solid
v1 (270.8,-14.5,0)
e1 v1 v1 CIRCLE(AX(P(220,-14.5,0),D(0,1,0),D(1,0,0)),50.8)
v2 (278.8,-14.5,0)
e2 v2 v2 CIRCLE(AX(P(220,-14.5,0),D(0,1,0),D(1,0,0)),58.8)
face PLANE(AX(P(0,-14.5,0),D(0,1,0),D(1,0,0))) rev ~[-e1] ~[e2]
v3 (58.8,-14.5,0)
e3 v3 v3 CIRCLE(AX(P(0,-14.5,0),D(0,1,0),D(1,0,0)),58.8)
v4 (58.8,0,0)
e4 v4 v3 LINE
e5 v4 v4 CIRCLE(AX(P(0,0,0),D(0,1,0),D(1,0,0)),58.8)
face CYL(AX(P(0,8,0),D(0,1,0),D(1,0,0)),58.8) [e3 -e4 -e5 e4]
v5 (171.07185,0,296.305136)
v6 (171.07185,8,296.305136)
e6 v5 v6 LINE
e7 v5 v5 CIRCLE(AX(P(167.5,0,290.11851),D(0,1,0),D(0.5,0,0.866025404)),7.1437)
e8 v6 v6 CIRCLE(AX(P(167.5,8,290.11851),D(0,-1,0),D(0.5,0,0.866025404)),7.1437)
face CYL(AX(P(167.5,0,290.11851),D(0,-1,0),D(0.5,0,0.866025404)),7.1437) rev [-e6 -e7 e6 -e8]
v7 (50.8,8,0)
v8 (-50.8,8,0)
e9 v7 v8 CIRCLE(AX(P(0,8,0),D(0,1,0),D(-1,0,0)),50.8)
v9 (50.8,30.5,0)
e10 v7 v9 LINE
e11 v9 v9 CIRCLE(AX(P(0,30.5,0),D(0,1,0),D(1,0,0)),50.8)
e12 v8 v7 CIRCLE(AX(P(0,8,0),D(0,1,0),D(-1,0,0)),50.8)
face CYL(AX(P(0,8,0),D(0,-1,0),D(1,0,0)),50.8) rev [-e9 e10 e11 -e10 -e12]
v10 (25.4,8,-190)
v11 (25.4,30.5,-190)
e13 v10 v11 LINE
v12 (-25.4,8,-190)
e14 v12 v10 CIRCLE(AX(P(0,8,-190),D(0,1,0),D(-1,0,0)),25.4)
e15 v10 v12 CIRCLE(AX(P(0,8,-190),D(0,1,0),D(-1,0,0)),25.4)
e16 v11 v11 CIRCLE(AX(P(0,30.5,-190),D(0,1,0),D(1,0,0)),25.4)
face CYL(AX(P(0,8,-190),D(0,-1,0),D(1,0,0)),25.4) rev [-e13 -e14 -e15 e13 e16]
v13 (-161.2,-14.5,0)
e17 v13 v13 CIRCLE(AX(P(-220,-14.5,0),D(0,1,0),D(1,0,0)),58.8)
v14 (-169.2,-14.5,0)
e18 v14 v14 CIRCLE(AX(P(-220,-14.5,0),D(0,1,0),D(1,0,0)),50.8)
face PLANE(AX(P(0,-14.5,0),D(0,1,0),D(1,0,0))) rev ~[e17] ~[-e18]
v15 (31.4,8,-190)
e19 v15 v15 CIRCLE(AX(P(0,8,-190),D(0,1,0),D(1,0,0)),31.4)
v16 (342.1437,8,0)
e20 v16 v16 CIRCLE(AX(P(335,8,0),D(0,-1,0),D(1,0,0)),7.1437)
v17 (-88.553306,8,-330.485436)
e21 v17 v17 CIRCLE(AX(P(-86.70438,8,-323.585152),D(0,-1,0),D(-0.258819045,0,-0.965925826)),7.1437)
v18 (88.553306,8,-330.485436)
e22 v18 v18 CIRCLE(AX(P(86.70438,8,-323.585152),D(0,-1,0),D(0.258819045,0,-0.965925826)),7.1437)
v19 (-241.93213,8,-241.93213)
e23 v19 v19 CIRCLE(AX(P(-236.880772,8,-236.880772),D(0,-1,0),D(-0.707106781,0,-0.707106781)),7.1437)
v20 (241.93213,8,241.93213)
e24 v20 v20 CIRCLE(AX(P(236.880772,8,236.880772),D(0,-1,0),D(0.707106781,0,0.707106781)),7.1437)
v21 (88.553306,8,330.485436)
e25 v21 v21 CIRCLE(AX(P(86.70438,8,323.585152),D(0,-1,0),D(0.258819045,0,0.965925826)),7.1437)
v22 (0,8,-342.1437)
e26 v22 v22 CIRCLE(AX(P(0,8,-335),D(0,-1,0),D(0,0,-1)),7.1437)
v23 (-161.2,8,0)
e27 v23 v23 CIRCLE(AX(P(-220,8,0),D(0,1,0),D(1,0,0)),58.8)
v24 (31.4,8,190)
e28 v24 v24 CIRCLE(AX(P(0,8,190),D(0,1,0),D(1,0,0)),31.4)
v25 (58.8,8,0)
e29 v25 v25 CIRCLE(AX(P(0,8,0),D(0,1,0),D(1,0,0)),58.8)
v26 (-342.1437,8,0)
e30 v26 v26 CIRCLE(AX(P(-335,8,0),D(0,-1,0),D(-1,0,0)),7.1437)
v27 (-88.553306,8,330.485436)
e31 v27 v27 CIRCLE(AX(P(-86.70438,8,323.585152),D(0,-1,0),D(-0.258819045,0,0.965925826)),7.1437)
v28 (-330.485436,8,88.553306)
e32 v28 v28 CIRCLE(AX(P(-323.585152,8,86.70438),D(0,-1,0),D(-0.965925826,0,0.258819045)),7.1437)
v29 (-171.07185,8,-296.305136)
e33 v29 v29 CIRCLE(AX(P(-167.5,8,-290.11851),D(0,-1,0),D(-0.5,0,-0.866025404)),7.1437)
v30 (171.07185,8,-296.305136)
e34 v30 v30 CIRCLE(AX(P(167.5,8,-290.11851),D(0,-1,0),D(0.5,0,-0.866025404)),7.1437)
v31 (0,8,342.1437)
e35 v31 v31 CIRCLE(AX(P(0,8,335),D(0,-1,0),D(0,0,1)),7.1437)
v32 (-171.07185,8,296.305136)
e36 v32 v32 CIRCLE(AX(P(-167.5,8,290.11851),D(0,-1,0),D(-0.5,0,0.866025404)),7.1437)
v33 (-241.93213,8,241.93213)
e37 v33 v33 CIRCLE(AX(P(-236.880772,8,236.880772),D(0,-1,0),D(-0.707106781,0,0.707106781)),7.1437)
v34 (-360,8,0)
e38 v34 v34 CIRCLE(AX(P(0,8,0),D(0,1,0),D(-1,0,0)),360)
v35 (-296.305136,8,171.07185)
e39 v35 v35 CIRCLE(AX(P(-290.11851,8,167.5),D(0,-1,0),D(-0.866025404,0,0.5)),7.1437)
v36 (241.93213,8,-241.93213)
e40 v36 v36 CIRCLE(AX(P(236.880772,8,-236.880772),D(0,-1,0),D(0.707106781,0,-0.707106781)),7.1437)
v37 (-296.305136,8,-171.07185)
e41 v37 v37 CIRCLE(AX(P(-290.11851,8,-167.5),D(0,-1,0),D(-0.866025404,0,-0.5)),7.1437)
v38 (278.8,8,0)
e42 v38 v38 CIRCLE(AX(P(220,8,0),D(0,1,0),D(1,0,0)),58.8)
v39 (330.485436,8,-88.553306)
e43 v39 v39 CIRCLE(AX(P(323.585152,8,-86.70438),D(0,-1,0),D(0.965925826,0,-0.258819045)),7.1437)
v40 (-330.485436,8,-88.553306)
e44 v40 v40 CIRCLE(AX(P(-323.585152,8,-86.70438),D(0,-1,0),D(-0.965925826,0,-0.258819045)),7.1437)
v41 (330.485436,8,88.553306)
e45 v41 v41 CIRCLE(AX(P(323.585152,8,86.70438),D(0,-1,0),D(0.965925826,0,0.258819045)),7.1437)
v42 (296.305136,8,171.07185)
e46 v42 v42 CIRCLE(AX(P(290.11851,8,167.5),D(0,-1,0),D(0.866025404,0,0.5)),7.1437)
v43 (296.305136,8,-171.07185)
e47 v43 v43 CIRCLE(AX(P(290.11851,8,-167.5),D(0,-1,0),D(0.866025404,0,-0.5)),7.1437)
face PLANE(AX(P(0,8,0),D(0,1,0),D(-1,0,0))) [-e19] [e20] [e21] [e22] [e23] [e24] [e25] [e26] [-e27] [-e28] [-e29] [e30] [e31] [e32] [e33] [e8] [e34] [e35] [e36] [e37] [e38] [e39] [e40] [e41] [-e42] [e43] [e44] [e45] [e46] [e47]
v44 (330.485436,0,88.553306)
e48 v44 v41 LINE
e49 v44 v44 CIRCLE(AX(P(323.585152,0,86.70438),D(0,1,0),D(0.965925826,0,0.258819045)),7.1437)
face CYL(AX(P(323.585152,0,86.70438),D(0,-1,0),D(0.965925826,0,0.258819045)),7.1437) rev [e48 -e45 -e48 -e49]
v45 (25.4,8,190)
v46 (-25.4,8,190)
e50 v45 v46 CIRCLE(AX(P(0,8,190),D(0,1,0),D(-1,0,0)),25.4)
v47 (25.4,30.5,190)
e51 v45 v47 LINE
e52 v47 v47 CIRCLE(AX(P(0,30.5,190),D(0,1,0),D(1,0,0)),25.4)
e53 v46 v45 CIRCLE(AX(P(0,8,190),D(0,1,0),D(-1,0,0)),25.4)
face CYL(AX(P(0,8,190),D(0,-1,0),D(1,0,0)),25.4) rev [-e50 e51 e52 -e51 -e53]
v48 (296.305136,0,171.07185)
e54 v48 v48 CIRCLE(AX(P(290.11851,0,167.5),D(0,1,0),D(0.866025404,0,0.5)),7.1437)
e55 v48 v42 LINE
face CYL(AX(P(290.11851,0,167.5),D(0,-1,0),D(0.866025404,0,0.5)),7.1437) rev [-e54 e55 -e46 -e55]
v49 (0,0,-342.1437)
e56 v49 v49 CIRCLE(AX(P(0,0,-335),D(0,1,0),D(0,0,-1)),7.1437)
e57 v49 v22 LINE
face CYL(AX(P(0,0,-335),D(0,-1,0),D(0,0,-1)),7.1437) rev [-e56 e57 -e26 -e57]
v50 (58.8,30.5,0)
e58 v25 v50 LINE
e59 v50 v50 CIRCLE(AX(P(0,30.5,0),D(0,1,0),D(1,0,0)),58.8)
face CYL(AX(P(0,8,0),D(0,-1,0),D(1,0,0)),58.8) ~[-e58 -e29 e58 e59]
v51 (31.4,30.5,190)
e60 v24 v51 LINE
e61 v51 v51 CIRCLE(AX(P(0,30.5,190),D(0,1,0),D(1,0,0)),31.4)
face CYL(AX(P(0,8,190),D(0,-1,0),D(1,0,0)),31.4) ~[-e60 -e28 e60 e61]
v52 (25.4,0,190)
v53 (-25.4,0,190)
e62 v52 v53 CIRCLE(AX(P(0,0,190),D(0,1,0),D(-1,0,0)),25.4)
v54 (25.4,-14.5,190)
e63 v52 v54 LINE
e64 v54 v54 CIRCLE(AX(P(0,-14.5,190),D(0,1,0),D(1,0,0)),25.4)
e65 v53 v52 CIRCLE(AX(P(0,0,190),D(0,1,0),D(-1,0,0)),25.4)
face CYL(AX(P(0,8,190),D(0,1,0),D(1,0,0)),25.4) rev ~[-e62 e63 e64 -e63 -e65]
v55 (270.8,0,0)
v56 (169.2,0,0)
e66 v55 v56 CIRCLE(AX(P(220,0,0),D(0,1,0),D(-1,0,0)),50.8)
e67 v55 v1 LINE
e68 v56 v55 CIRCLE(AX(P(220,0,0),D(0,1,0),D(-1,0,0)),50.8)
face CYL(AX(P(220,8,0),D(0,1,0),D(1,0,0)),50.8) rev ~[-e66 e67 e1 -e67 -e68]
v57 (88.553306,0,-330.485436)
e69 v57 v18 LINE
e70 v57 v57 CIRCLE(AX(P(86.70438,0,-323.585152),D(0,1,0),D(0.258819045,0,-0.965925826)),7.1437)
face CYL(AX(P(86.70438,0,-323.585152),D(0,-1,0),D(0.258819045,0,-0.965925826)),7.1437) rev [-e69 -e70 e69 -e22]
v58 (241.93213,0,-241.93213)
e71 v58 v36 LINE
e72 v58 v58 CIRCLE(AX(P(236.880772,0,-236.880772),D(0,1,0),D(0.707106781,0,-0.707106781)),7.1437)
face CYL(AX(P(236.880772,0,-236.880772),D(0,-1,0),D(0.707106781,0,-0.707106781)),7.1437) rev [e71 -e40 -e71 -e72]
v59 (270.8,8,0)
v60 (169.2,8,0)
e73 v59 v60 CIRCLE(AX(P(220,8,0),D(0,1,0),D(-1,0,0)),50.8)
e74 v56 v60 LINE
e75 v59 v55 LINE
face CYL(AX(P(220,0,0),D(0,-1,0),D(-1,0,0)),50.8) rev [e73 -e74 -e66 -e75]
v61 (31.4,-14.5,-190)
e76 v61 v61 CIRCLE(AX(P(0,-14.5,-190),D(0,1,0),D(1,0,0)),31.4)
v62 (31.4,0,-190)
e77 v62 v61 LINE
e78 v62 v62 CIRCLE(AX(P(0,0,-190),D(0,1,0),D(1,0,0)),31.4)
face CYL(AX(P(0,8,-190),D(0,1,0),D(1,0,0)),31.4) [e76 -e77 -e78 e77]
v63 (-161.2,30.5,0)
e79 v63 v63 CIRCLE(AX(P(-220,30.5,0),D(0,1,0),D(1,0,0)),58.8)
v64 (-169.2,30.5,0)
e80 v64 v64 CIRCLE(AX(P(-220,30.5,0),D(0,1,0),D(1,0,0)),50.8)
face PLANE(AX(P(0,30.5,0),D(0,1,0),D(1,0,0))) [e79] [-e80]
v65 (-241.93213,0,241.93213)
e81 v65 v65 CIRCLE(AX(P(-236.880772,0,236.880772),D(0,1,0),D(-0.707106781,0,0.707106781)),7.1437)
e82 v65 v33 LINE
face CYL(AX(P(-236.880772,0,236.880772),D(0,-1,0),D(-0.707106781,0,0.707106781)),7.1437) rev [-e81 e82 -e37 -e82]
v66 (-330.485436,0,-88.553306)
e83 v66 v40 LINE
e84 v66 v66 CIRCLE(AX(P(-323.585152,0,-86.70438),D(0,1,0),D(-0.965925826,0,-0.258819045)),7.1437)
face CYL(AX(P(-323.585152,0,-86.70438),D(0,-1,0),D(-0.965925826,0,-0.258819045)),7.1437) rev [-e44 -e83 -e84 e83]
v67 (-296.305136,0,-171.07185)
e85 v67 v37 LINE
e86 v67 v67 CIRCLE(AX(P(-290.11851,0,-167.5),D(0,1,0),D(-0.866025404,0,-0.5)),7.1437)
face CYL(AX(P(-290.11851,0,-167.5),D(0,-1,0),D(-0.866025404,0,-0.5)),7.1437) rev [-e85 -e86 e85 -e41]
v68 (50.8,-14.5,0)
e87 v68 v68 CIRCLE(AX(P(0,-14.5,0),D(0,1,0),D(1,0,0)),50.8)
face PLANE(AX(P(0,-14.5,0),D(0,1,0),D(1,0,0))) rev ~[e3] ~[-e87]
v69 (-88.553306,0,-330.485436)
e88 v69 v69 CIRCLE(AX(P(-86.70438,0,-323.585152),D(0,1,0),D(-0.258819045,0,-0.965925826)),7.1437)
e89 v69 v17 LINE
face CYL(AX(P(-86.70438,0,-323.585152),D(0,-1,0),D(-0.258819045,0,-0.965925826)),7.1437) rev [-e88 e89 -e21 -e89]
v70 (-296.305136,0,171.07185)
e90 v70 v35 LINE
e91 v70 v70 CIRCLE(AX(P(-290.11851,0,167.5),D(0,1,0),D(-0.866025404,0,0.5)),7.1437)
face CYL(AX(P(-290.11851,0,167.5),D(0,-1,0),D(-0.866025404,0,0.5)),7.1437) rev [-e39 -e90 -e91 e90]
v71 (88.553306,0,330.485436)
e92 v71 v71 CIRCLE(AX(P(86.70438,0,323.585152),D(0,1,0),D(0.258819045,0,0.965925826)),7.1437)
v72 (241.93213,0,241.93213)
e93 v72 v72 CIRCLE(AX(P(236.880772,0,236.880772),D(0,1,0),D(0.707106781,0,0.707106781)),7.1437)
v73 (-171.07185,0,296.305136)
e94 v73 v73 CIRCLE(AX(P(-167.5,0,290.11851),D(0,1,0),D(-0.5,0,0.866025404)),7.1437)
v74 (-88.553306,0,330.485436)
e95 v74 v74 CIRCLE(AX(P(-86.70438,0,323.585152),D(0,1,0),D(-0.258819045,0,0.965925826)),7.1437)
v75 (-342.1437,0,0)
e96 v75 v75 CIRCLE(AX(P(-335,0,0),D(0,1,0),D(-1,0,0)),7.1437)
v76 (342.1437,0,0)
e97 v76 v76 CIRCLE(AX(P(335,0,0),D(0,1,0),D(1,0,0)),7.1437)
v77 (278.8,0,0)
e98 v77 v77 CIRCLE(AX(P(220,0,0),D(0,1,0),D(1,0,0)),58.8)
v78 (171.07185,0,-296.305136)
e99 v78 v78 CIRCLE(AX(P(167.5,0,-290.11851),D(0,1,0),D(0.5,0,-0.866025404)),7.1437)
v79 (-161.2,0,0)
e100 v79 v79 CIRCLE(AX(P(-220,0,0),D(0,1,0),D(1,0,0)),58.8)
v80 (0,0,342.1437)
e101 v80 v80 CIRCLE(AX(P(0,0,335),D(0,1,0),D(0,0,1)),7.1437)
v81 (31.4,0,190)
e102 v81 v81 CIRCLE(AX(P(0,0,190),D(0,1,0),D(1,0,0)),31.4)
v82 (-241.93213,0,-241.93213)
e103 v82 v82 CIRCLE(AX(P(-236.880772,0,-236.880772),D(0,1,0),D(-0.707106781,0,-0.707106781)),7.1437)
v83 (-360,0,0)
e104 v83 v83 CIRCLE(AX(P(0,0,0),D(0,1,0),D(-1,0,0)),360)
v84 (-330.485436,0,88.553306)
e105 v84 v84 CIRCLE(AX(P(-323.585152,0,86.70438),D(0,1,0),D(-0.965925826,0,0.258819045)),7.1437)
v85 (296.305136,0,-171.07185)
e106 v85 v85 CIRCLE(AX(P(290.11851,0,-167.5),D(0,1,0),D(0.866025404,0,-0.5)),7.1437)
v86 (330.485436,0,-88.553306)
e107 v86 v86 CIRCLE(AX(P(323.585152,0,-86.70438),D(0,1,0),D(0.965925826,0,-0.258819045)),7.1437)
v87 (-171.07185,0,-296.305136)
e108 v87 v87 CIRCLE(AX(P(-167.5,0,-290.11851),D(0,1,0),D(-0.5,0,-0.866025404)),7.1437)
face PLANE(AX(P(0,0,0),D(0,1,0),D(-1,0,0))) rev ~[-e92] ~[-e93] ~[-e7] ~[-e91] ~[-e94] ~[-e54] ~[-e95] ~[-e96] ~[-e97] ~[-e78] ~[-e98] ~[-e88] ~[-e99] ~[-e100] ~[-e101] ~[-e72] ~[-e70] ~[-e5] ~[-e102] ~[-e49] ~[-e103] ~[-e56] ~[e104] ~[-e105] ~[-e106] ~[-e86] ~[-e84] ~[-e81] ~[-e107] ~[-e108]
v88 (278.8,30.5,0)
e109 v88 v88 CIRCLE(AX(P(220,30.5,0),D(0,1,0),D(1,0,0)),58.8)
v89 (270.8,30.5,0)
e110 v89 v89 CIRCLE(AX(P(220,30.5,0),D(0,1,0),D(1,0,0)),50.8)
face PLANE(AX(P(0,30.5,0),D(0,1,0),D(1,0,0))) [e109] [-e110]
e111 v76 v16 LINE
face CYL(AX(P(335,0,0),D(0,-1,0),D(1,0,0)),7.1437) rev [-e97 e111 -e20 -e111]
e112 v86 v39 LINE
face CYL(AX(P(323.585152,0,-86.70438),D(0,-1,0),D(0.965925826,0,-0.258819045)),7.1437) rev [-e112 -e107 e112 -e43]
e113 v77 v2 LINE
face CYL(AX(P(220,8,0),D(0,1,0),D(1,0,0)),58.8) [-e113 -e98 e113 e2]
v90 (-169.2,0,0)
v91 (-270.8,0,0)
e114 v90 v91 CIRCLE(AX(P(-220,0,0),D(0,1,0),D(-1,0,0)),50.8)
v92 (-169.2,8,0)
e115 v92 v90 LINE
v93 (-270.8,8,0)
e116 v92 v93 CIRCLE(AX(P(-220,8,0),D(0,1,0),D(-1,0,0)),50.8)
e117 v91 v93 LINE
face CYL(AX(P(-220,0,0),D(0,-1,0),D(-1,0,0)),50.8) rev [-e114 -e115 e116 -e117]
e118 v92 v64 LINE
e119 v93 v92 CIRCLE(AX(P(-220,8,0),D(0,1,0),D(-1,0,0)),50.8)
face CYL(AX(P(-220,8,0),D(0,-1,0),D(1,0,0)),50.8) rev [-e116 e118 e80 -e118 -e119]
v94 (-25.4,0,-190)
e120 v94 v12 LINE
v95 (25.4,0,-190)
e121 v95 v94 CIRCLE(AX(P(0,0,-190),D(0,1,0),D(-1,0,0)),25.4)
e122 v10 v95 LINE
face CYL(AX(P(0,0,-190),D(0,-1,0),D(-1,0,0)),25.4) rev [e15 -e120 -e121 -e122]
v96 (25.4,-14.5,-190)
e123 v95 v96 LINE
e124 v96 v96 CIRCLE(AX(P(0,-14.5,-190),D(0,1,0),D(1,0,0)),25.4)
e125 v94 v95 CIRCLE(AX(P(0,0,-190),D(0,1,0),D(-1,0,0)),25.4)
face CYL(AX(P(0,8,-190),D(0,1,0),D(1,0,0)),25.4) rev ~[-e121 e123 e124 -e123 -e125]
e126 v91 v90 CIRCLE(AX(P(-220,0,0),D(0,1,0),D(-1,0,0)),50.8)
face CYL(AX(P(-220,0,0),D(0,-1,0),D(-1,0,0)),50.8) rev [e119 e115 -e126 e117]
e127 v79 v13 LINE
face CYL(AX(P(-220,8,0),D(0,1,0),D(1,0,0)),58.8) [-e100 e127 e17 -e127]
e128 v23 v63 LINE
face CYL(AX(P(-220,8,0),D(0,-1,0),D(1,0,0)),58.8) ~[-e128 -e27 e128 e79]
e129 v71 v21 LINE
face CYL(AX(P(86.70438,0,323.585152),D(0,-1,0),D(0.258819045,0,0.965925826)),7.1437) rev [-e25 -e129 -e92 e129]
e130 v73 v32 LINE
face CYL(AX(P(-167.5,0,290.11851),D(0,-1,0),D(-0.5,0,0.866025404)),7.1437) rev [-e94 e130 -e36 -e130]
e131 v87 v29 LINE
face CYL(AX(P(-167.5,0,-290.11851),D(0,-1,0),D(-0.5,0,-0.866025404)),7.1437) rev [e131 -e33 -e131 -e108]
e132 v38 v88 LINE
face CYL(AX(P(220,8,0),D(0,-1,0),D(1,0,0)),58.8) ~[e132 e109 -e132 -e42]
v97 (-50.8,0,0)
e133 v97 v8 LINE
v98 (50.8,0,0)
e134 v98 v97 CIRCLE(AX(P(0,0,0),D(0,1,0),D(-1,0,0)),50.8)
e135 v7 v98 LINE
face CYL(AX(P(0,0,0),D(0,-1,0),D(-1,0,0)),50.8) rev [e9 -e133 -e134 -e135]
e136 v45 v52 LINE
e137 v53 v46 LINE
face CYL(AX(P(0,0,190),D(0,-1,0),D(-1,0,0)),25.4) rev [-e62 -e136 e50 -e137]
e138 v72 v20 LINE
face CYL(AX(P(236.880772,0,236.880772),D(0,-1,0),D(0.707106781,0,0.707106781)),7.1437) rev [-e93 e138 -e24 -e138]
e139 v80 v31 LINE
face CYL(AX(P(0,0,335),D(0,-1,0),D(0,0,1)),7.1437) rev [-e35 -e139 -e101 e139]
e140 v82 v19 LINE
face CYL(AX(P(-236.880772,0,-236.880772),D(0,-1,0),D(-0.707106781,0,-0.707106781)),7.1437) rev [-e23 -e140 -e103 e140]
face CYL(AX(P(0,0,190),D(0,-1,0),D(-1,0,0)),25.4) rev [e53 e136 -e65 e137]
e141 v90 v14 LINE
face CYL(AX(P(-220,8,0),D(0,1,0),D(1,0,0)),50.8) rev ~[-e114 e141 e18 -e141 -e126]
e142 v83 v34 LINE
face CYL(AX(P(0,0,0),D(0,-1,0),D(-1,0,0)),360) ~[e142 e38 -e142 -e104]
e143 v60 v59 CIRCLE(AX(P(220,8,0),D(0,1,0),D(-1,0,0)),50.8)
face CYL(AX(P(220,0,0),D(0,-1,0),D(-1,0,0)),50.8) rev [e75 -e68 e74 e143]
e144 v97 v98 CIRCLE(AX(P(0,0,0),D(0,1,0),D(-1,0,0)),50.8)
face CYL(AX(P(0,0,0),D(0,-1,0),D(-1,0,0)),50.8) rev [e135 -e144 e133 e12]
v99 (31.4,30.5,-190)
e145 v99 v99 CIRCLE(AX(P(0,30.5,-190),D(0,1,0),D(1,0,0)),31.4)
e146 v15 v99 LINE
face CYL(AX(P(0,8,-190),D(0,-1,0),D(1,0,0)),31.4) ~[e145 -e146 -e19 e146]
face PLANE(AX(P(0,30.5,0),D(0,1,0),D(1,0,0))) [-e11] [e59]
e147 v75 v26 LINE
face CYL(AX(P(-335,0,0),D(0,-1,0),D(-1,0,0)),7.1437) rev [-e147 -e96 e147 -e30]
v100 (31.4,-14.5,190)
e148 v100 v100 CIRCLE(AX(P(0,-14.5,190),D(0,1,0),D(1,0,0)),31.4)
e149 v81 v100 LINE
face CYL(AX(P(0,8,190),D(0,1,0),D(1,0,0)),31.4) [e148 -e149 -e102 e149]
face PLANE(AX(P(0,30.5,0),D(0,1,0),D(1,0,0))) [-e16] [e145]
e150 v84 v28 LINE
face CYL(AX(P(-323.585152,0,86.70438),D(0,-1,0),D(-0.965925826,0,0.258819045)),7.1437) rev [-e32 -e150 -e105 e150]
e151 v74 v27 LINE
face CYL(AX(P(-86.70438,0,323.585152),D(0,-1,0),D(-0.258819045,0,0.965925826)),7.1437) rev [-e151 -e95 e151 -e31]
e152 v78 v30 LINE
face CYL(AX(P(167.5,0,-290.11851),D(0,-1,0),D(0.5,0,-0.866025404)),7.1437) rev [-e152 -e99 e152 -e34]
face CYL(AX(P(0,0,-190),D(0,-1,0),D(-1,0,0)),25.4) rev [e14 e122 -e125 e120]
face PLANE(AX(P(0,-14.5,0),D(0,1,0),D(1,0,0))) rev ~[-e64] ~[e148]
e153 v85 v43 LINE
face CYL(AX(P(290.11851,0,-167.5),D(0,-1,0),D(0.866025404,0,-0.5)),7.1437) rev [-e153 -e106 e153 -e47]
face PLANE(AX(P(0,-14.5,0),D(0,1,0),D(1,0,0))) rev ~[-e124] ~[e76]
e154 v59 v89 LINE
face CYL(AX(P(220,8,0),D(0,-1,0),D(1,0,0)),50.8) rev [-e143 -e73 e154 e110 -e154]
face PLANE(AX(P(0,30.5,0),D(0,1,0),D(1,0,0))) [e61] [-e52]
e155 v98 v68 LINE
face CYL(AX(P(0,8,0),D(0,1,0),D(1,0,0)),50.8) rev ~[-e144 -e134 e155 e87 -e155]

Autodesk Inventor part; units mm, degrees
ref_plane "YZ Plane" through (0, 0, 0) normal (1, 0, 0) x (0, 1, 0)
ref_plane "XZ Plane" through (0, 0, 0) normal (0, 1, 0) x (-1, 0, 0)
ref_plane "XY Plane" through (0, 0, 0) normal (0, 0, 1) x (1, 0, 0)
sketch "Sketch1" plane through (0, 0, 0) normal (0, 1, 0) x (-1, 0, 0)
  circle A0 centre (0, 0) radius 360
  circle A1 centre (0, 0) radius 335 construction
  circle A2 centre (335, 0) radius 7.1437
  circle A3 centre (0, 0) radius 50.8
  circle A4 centre (220, 0) radius 50.8
  circle A5 centre (-220, 0) radius 50.8
  circle A6 centre (0, -190) radius 25.4
  circle A7 centre (0, 190) radius 25.4
  circle A8 centre (0, 0) radius 190 construction
  circle A9 centre (0, 0) radius 220 construction
  dimension "d1" = 670
  dimension "d0" = 720
  dimension "d2" = 14.2875
  dimension "d3" = 101.6
  dimension "d4" = 101.6
  dimension "d5" = 101.6
  dimension "d6" = 50.8
  dimension "d7" = 50.8
  dimension "d8" = 380
  dimension "d23" = 440
extrude "Extrusion1" add sketch "Sketch1" along normal blind 8 contours A0 | A2
extrude "Extrusion2" cut sketch "Sketch1" along normal through all contours A2
pattern_circular "Circular Pattern1" count 24 over 360 about axis through (0, 0, 0) along (0, 1, 0) of "Extrusion2"
sketch "Sketch2" plane through (0, 8, 0) normal (0, 1, 0) x (1, 0, 0)
  circle A0 centre (-323.5852, 86.7044) radius 7.1437 projected
  circle A1 centre (-290.1185, 167.5) radius 7.1437 projected
  circle A2 centre (-236.8808, 236.8808) radius 7.1437 projected
  circle A3 centre (-167.5, 290.1185) radius 7.1437 projected
  circle A4 centre (-86.7044, 323.5852) radius 7.1437 projected
  circle A5 centre (0, 335) radius 7.1437 projected
  circle A6 centre (86.7044, 323.5852) radius 7.1437 projected
  circle A7 centre (167.5, 290.1185) radius 7.1437 projected
  circle A8 centre (236.8808, 236.8808) radius 7.1437 projected
  circle A9 centre (290.1185, 167.5) radius 7.1437 projected
  circle A10 centre (323.5852, 86.7044) radius 7.1437 projected
  circle A11 centre (335, 0) radius 7.1437 projected
  circle A12 centre (323.5852, -86.7044) radius 7.1437 projected
  circle A13 centre (290.1185, -167.5) radius 7.1437 projected
  circle A14 centre (236.8808, -236.8808) radius 7.1437 projected
  circle A15 centre (167.5, -290.1185) radius 7.1437 projected
  circle A16 centre (86.7044, -323.5852) radius 7.1437 projected
  circle A17 centre (0, -335) radius 7.1437 projected
  circle A18 centre (-86.7044, -323.5852) radius 7.1437 projected
  circle A19 centre (-167.5, -290.1185) radius 7.1437 projected
  circle A20 centre (-236.8808, -236.8808) radius 7.1437 projected
  circle A21 centre (-290.1185, -167.5) radius 7.1437 projected
  circle A22 centre (-323.5852, -86.7044) radius 7.1437 projected
  circle A23 centre (-335, 0) radius 7.1437 projected
  circle A24 centre (0, 0) radius 360 projected
  circle A25 centre (0, 0) radius 50.8 projected
  circle A26 centre (-220, 0) radius 50.8 projected
  circle A27 centre (220, 0) radius 50.8 projected
  circle A28 centre (0, 190) radius 25.4 projected
  circle A29 centre (0, -190) radius 25.4 projected
  circle A30 centre (0, 190) radius 25.4 projected
  circle A31 centre (0, 190) radius 31.4
  circle A32 centre (220, 0) radius 50.8 projected
  circle A33 centre (220, 0) radius 58.8
  circle A34 centre (0, 0) radius 58.8
  circle A35 centre (0, -190) radius 31.4
  circle A36 centre (-220, 0) radius 58.8
  dimension "d16" = 6
  dimension "d17" = 8
  dimension "d18" = 8
  dimension "d19" = 8
  dimension "d20" = 6
extrude "Extrusion3" add sketch "Sketch2" along normal mid plane 45 contours A31 | A33 | A34 | A35 | A36
equation "\"d4\" = d3"
equation "\"d5\" = d3"
equation "\"d6\" = 0.5 * d3"
equation "\"d7\" = 0.5 * d3"
equation "\"d18\" = d17"
equation "\"d19\" = d17"
equation "\"d20\" = d16"
equation "\"Part_Area\" = 88962.969866"
properties part number "Tapa2" material "Steel ASTM A36"
